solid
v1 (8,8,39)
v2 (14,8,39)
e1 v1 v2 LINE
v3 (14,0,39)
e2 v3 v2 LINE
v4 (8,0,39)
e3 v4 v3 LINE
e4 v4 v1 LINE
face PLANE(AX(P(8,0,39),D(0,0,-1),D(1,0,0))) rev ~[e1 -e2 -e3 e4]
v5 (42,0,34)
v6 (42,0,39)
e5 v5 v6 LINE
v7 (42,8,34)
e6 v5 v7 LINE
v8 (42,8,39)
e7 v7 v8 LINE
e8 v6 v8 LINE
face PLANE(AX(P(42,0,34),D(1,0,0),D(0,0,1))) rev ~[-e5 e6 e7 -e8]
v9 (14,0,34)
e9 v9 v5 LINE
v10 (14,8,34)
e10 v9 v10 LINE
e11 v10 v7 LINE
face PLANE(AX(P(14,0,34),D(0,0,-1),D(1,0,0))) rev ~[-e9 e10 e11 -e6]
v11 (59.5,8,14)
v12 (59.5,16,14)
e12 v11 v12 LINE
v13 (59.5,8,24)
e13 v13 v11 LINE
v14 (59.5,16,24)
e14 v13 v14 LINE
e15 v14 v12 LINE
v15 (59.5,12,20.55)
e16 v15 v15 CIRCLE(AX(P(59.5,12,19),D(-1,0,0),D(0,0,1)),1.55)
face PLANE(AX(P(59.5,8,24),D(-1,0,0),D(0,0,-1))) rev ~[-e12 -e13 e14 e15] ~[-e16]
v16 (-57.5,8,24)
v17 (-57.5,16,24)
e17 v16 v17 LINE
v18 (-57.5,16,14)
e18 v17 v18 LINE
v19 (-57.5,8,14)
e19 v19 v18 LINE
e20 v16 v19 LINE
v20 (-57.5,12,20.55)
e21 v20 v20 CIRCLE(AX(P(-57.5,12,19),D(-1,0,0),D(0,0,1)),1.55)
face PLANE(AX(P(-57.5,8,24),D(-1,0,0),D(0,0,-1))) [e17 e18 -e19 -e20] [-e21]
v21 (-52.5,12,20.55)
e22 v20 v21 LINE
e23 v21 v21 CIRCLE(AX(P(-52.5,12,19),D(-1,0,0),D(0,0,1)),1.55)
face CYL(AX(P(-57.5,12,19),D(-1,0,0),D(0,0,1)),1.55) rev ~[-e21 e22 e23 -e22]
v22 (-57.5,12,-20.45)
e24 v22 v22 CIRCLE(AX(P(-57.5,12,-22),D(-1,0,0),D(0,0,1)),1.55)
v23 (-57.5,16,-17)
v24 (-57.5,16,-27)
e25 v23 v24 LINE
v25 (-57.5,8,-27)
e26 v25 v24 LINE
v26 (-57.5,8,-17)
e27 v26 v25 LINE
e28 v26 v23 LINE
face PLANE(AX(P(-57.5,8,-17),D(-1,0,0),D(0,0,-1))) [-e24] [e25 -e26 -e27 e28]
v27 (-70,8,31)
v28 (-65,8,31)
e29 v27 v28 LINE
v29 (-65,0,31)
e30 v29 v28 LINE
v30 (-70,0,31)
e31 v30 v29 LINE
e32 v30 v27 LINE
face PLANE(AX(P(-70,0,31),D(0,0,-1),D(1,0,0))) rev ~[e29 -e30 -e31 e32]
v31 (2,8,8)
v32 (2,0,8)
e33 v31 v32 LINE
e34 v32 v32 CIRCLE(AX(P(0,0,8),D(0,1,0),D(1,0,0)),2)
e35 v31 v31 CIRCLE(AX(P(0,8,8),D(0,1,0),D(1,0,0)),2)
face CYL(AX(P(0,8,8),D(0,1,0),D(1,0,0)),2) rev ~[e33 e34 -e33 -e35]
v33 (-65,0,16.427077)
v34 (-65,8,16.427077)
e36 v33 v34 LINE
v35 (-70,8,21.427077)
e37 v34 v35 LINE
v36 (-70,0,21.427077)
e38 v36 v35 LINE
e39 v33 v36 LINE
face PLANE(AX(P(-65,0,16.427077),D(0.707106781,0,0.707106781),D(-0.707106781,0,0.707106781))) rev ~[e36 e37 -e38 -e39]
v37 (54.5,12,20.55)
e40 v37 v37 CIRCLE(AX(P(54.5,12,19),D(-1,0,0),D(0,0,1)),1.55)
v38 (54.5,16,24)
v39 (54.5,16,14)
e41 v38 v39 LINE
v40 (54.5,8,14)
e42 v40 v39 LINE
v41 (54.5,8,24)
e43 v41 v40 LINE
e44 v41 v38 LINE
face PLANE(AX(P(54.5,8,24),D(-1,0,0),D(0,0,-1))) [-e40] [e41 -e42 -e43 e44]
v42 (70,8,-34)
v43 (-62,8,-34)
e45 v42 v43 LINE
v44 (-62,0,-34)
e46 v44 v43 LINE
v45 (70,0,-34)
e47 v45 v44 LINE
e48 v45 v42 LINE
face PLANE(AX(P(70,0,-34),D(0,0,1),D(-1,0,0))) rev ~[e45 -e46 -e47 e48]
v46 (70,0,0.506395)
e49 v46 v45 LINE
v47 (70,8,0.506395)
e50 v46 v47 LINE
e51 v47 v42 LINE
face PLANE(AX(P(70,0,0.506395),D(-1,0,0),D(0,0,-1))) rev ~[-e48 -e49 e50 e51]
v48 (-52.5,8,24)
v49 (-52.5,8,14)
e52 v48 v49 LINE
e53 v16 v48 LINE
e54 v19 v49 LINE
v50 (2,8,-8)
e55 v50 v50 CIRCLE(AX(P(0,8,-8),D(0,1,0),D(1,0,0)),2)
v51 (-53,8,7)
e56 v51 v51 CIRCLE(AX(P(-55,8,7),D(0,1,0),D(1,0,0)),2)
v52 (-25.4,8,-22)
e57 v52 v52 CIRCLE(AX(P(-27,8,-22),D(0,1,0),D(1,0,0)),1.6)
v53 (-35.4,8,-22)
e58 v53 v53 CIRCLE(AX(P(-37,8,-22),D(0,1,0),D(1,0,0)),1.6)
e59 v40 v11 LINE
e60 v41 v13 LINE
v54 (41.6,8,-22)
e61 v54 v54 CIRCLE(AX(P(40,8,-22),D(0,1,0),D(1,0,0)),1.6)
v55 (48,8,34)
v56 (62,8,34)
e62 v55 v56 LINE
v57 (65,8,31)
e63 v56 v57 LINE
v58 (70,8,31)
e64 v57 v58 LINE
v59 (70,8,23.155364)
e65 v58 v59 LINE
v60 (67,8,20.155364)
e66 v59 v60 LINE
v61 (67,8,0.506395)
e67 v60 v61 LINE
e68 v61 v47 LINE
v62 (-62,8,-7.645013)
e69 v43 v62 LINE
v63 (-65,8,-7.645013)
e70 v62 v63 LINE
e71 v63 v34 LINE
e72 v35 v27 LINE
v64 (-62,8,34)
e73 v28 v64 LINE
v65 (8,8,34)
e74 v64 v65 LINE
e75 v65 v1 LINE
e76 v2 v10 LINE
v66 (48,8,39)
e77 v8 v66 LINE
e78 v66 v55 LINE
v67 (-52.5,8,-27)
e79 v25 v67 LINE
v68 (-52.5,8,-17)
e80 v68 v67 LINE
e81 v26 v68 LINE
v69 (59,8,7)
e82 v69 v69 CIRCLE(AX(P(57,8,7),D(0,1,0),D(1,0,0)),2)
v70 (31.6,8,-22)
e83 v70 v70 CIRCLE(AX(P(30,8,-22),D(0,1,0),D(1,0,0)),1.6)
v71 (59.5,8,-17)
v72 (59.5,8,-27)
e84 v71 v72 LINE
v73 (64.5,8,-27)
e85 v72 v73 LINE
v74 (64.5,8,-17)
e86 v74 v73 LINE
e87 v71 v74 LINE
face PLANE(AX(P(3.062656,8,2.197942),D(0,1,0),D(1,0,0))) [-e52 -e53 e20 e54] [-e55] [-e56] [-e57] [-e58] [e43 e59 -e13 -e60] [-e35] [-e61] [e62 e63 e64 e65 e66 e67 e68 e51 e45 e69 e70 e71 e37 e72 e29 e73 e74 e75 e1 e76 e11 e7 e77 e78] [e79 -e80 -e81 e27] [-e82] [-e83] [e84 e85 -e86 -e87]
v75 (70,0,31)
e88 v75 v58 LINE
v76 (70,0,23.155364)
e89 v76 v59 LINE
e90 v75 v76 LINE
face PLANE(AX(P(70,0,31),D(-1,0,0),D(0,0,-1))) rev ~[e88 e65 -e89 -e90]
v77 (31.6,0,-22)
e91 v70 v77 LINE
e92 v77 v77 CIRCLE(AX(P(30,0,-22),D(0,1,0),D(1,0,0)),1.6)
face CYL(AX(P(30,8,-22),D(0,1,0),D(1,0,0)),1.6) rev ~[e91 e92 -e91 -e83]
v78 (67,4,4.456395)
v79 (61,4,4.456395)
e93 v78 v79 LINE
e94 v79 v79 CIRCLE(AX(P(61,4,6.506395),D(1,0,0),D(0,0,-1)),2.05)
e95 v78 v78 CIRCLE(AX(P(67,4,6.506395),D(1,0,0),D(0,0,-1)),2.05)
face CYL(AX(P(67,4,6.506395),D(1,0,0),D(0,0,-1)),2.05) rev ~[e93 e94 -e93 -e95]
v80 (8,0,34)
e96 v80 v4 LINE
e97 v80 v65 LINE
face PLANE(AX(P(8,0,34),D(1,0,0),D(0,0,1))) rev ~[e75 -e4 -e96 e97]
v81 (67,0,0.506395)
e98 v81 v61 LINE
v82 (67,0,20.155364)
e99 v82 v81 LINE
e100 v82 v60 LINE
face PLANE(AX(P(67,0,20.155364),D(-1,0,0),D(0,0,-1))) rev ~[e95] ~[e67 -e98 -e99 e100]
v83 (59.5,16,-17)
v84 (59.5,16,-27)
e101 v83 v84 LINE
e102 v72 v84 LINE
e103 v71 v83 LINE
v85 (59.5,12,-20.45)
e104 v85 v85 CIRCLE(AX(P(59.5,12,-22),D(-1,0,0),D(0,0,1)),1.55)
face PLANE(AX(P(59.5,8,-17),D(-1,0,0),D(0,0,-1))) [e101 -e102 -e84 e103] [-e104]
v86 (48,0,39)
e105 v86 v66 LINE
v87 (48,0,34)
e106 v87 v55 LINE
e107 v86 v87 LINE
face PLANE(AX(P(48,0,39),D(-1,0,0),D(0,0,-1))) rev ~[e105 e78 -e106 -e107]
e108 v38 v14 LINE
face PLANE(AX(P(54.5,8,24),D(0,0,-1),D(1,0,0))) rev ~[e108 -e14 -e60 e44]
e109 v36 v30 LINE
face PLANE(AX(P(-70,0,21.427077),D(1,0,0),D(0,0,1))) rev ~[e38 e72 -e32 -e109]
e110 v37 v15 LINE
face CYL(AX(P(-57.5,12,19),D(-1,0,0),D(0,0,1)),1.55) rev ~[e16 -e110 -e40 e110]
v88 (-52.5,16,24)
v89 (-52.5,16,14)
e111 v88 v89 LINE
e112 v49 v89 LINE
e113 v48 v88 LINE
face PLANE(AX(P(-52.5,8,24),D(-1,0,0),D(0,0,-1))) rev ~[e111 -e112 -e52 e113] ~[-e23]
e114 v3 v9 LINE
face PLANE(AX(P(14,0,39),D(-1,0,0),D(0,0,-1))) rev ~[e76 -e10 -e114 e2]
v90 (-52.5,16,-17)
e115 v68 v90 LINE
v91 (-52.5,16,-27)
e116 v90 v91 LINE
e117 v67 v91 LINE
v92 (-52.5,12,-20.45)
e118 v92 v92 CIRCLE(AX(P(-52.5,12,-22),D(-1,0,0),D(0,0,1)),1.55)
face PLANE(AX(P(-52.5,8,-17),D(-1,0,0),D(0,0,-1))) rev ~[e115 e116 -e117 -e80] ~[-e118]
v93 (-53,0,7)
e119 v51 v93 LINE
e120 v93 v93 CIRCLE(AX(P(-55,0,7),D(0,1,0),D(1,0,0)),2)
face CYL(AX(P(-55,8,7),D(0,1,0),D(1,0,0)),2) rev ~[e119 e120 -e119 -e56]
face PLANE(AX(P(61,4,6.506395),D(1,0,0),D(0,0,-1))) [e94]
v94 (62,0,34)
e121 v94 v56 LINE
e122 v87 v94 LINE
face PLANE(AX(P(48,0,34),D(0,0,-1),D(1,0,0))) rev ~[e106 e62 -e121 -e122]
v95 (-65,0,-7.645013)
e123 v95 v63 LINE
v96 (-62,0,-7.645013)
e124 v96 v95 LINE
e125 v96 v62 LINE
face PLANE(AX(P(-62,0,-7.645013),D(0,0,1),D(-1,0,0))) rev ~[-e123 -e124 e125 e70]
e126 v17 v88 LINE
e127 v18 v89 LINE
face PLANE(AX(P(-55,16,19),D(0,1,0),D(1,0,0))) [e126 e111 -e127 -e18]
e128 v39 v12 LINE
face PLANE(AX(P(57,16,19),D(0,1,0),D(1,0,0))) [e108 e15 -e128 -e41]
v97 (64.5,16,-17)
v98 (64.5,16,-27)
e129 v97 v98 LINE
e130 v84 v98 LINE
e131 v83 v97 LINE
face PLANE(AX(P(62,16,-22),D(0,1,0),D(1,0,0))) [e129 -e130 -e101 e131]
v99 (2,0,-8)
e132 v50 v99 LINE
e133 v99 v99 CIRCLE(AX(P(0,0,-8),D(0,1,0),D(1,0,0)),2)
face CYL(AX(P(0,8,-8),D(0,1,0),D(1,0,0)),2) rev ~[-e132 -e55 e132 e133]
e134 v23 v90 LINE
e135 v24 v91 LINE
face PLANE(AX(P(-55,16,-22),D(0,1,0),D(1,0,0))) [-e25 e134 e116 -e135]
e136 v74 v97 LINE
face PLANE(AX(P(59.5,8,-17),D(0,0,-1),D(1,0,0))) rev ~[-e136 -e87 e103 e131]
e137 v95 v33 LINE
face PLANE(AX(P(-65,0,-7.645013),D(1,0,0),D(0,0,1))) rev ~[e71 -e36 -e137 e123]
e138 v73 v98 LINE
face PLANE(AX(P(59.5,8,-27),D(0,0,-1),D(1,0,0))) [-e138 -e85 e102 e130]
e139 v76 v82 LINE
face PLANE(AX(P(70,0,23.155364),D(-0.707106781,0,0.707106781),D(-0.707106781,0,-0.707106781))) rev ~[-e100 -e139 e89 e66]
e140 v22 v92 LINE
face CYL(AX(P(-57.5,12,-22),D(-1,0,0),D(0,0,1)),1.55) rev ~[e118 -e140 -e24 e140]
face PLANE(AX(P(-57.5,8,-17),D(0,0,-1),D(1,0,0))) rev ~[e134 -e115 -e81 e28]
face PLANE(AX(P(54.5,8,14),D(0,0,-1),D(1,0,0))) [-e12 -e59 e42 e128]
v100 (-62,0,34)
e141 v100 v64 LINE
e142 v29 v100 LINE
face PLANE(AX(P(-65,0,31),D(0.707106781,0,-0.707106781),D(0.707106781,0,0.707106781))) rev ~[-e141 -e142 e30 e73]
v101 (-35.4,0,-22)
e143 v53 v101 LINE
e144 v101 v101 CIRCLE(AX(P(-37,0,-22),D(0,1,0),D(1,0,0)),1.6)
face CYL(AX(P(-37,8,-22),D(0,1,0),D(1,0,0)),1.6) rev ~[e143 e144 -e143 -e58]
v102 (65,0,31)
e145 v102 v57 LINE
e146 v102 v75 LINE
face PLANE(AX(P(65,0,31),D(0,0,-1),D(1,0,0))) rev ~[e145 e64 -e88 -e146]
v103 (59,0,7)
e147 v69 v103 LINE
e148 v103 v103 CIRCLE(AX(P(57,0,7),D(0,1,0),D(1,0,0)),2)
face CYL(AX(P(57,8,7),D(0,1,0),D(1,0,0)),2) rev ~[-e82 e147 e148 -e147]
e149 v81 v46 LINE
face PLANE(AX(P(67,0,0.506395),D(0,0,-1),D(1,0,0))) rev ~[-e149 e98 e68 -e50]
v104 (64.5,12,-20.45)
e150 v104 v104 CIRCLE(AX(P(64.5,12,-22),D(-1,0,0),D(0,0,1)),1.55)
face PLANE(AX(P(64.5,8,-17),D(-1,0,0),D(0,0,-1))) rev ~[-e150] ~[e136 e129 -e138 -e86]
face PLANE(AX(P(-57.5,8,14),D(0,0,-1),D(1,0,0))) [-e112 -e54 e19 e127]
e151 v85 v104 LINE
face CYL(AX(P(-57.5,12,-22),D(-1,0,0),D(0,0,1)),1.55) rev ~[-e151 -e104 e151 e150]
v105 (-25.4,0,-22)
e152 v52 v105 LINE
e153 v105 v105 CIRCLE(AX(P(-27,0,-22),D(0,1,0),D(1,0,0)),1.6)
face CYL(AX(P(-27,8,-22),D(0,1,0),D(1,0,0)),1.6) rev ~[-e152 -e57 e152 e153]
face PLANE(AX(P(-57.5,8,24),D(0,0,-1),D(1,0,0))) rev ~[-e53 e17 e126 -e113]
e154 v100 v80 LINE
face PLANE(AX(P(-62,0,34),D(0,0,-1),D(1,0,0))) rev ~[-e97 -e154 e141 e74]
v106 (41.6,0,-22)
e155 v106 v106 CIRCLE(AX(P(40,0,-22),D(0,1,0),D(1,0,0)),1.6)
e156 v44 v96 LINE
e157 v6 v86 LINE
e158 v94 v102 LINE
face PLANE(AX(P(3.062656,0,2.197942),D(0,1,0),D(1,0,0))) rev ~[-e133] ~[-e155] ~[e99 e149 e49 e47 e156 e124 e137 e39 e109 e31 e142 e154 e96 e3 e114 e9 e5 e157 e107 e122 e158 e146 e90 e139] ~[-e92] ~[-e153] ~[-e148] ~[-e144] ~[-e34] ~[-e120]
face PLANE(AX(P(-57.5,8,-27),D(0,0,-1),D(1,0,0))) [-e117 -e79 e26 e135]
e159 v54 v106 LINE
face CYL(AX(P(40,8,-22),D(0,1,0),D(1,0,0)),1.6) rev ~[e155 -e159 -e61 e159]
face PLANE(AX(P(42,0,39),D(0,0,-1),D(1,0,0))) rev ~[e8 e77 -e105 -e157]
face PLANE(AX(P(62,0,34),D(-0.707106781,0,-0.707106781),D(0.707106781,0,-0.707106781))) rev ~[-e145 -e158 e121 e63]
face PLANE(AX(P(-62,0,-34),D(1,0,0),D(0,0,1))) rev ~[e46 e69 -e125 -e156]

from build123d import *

# Parameters (mm, degrees)
BOSS_EXTRUDE1_DEPTH = 8
SKETCH2_R           = 2
CUT_EXTRUDE1_DEPTH  = 9
SKETCH3_R           = 2
SKETCH3_R_2         = 1.6
CUT_EXTRUDE2_DEPTH  = 9
SKETCH4_R           = 2.05
CUT_EXTRUDE3_DEPTH  = 6
SKETCH5_W           = 5
SKETCH5_H           = 10
BOSS_EXTRUDE2_DEPTH = 8
SKETCH6_R           = 1.55
CUT_EXTRUDE4_DEPTH  = 128.5


with BuildPart() as part:
    # Sketch1 → Boss-Extrude1 (new body)
    with BuildSketch(Plane(origin=(0, 0, 0), x_dir=(1, 0, 0), z_dir=(0, 1, 0))):
        Polygon((70, 34), (-62, 34), (-62, 7.645012604), (-65, 7.645012604), (-65, -16.427077226), (-70, -21.427077226), (-70, -31), (-65, -31), (-62, -34), (8, -34), (8, -39), (14, -39), (14, -34), (42, -34), (42, -39), (48, -39), (48, -34), (62, -34), (65, -31), (70, -31), (70, -23.155364425), (67, -20.155364425), (67, -0.506394588), (70, -0.506394588), align=None)
    extrude(amount=BOSS_EXTRUDE1_DEPTH)

    # Sketch2 → Cut-Extrude1 (cut, through all)
    with BuildSketch(Plane(origin=(0, 8, 0), x_dir=(1, 0, 0), z_dir=(0, 1, 0))):
        with Locations((0, 8)):
            Circle(SKETCH2_R)
        with Locations((0, -8)):
            Circle(SKETCH2_R)
    extrude(amount=-CUT_EXTRUDE1_DEPTH, mode=Mode.SUBTRACT)

    # Sketch3 → Cut-Extrude2 (cut, through all)
    with BuildSketch(Plane(origin=(0, 8, 0), x_dir=(1, 0, 0), z_dir=(0, 1, 0))):
        with Locations((57, -7)):
            Circle(SKETCH3_R)
        with Locations((-37, 22)):
            Circle(SKETCH3_R_2)
        with Locations((-27, 22)):
            Circle(SKETCH3_R_2)
        with Locations((30, 22)):
            Circle(SKETCH3_R_2)
        with Locations((40, 22)):
            Circle(SKETCH3_R_2)
        with Locations((-55, -7)):
            Circle(SKETCH3_R)
    extrude(amount=-CUT_EXTRUDE2_DEPTH, mode=Mode.SUBTRACT)

    # Sketch4 → Cut-Extrude3 (cut)
    with BuildSketch(Plane(origin=(67, 0, 0), x_dir=(0, 0, -1), z_dir=(1, 0, 0))):
        with Locations((-6.506394588, 4)):
            Circle(SKETCH4_R)
    extrude(amount=-CUT_EXTRUDE3_DEPTH, mode=Mode.SUBTRACT)

    # Sketch5 → Boss-Extrude2 (add)
    with BuildSketch(Plane(origin=(0, 8, 0), x_dir=(1, 0, 0), z_dir=(0, 1, 0))):
        with Locations((-55, -19)):
            Rectangle(SKETCH5_W, SKETCH5_H)
        with Locations((-55, 22)):
            Rectangle(SKETCH5_W, SKETCH5_H)
        with Locations((57, -19)):
            Rectangle(SKETCH5_W, SKETCH5_H)
        with Locations((62, 22)):
            Rectangle(SKETCH5_W, SKETCH5_H)
    extrude(amount=BOSS_EXTRUDE2_DEPTH)

    # Sketch6 → Cut-Extrude4 (cut, through all)
    with BuildSketch(Plane.ZY.offset(57.5)):
        with Locations((-22, 12)):
            Circle(SKETCH6_R)
        with Locations((19, 12)):
            Circle(SKETCH6_R)
    extrude(amount=-CUT_EXTRUDE4_DEPTH, mode=Mode.SUBTRACT)


solid = part.part
